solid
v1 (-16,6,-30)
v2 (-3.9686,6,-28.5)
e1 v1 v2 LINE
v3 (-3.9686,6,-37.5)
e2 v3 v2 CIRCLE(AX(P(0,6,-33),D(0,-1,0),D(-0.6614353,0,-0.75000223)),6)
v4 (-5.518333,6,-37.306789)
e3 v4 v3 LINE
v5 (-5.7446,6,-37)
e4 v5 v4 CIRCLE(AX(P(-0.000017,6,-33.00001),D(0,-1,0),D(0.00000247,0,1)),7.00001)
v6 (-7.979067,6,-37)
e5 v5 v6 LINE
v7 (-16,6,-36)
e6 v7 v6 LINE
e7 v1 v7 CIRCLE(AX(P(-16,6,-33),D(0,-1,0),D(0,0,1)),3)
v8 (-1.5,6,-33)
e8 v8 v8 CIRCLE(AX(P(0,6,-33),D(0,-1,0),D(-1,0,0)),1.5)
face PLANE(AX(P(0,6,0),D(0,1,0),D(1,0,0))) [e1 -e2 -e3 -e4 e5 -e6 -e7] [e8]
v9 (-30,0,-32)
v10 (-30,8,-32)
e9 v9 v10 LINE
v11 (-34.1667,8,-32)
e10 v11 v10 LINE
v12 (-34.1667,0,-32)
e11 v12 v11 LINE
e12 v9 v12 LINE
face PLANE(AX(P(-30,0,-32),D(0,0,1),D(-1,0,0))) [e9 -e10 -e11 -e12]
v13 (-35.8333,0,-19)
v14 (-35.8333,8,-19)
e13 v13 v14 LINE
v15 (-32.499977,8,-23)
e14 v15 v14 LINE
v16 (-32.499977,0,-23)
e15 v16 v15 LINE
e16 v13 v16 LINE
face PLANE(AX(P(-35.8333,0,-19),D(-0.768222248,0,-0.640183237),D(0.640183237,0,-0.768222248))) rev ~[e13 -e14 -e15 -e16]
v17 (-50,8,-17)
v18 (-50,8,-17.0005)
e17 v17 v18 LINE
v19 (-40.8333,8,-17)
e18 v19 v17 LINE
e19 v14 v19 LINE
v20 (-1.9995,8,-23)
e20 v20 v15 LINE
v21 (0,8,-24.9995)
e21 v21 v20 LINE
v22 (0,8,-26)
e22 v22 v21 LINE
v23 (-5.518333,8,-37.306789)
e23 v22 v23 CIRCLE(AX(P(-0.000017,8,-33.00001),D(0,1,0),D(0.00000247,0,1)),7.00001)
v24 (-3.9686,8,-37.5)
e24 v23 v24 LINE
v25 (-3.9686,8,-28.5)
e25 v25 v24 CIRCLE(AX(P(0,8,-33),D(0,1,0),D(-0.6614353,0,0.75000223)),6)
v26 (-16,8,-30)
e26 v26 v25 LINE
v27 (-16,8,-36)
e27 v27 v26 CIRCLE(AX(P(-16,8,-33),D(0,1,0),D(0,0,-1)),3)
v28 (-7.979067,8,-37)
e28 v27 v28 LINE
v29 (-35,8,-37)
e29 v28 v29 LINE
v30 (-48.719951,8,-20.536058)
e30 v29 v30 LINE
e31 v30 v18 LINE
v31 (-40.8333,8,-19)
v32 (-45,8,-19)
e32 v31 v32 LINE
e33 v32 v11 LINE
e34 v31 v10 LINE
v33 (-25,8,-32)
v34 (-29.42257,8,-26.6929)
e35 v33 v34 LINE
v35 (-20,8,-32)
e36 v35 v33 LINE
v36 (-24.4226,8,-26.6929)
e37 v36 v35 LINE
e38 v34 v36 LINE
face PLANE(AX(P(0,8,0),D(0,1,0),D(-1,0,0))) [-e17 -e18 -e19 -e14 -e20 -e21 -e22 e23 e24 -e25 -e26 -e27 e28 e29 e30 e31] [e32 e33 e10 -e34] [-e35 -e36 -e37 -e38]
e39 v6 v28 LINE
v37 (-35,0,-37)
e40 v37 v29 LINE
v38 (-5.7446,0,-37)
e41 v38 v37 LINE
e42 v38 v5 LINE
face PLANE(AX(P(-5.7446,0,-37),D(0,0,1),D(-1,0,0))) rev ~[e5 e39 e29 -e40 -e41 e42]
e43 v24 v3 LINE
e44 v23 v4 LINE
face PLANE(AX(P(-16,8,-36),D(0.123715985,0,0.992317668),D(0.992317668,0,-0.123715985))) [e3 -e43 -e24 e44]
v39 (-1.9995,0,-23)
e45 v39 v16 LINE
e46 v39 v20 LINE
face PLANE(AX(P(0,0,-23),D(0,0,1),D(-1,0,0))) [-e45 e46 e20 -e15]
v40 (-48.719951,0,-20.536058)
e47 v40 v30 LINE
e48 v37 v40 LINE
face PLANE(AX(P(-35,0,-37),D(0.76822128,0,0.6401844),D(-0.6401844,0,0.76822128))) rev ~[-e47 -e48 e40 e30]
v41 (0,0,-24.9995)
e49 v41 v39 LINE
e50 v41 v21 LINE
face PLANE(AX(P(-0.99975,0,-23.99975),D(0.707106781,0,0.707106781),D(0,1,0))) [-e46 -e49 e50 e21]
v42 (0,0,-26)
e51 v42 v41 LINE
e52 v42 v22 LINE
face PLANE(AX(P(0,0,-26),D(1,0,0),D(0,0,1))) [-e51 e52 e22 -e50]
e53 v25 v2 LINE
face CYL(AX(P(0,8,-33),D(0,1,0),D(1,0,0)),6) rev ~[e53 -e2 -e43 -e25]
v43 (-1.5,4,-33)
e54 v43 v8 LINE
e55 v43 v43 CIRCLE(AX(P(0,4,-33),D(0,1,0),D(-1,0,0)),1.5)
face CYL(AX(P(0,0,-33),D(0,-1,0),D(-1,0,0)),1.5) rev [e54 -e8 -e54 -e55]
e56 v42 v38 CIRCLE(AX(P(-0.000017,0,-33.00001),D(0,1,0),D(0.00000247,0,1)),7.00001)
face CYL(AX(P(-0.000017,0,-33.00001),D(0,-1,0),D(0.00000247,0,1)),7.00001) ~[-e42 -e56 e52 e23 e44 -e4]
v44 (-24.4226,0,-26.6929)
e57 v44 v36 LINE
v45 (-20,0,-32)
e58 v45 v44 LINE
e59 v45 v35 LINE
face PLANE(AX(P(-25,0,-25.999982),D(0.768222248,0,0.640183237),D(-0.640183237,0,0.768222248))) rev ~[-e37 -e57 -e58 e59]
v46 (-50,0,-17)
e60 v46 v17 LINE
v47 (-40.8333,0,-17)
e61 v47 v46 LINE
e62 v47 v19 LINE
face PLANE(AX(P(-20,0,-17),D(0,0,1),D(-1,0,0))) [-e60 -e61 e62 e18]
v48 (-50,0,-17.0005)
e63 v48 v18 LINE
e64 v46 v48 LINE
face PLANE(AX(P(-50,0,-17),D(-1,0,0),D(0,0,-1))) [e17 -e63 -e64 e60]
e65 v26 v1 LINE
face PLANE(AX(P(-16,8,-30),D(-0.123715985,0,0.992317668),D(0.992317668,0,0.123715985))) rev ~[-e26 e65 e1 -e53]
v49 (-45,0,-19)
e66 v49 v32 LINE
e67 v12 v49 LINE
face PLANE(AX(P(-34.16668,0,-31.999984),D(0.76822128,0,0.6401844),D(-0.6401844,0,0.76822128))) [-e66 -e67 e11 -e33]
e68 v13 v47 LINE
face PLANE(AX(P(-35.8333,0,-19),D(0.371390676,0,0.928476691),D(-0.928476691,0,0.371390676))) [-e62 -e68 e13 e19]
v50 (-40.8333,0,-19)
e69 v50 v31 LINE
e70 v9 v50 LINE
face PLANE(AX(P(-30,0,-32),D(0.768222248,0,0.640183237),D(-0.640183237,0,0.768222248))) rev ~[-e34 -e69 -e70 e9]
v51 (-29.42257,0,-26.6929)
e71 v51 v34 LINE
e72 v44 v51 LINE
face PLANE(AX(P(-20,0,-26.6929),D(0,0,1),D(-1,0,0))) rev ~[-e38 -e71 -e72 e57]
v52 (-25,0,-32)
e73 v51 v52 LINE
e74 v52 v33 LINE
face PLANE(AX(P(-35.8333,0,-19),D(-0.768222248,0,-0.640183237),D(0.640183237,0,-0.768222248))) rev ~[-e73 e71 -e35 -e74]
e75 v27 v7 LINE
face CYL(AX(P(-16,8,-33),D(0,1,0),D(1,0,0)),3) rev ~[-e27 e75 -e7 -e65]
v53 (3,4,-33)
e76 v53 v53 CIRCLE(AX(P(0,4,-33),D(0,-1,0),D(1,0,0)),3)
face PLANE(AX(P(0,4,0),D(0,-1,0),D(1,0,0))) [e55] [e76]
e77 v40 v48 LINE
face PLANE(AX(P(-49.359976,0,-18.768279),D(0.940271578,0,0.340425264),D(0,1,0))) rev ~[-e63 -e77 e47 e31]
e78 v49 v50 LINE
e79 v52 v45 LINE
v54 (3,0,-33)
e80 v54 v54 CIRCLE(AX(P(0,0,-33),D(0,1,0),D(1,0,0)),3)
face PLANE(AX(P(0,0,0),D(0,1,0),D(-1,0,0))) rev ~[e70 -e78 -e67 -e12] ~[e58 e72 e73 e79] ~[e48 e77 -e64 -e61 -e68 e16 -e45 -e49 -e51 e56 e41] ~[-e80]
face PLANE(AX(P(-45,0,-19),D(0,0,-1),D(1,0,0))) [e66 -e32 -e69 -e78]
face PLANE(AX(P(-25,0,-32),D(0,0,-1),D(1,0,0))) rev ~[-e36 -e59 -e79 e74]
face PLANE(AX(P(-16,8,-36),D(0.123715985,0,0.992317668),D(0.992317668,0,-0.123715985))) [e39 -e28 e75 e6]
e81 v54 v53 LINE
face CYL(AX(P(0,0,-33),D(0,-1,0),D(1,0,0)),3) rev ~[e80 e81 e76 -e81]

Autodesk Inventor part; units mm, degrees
ref_plane "YZ Plane" through (0, 0, 0) normal (1, 0, 0) x (0, 1, 0)
ref_plane "XZ Plane" through (0, 0, 0) normal (0, 1, 0) x (-1, 0, 0)
ref_plane "XY Plane" through (0, 0, 0) normal (0, 0, 1) x (1, 0, 0)
sketch "Boceto1" plane through (0, 0, 0) normal (0, 1, 0) x (-1, 0, 0)
  line L0 (50, -16.5) -> (49.0807, -16.5)
  circle A0 centre (0, -33) radius 1.5
  circle A1 centre (0, -33) radius 3
  arc A2 (0, -26) -> (5.7446, -37) centre (0, -33) ccw
  line L1 (5.7446, -37) -> (35, -37)
  line L2 (35, -37) -> (50, -19)
  line L3 (0, -23) -> (20, -23)
  line L4 (20, -23) -> (20, -17)
  line L5 (20, -17) -> (50, -17)
  line L6 (50, -17) -> (50, -19)
  line L7 (0, -31.5) -> (0, -30)
  line L8 (0, -26) -> (0, -23)
  point P0 (0, -37)
extrude "Extrusión1" add sketch "Boceto1" along normal blind 8 contours A1 | L8 L3 L4 L5 L6 L2 L1 A2
sketch "Boceto2" plane through (0, 8, 0) normal (0, 1, 0) x (1, 0, 0)
  circle A0 centre (0, 0) radius 3
  dimension "d12" = 6
extrude "Extrusión2" cut sketch "Boceto2" against normal blind 4
sketch "Boceto6" plane through (0, 0, 0) normal (0, -1, 0) x (1, 0, 0)
  line L0 (-50, -17) -> (-20, -17) projected
  line L1 (-50, -16) -> (-50, -14) projected
  line L2 (-50, -17) -> (-50, -16)
  line L3 (-50, -16.5) -> (-16.403, -16.5)
  line L4 (-20, -23) -> (-25, -23)
  line L5 (-5.7446, -37) -> (-35, -37) projected
  line L6 (-25, -23) -> (-25, -28)
  line L7 (-25, -37) -> (-25, -32)
  line L8 (-25, -32) -> (-5.7446, -32)
  line L9 (-5.7446, -32) -> (-5.7446, -27.061)
  line L10 (-25, -28) -> (-5.7446, -28)
  line L11 (-35, -37) -> (-30, -37)
  line L12 (-30, -37) -> (-30, -32)
  line L13 (-30, -32) -> (-25, -32)
  line L14 (-50, -19) -> (-50, -17) projected
  line L15 (-50, -19) -> (-45, -19)
  line L16 (-30, -37) -> (-45, -19)
  line L17 (-45, -19) -> (-40, -19)
  line L18 (-30, -32) -> (-40.8333, -19)
  line L19 (-40.8333, -19) -> (-25, -19)
  line L20 (-25, -19) -> (-25, -28)
  line L21 (-30, -32) -> (-34.1667, -32)
  line L22 (-40.8333, -19) -> (-35.8333, -19)
  line L23 (-35.8333, -19) -> (-25, -32)
  line L24 (-35.8333, -19) -> (-30.8333, -19)
  line L25 (-25, -32) -> (-20, -32)
  line L26 (-20, -32) -> (-30.8333, -19)
  line L27 (-30, 4) -> (-45, -14)
  line L28 (-45, -14) -> (-40, -14)
  line L29 (-30, -1) -> (-40.8333, -14)
  line L30 (-30, -1) -> (-34.1667, -1)
  line L31 (-35.8333, -14) -> (-25, -1)
  line L32 (-35.8333, -14) -> (-30.8333, -14)
  line L33 (-25, -1) -> (-20, -1)
  line L34 (-20, -1) -> (-30.8333, -14)
  point P0 (0, 0)
  dimension "d28" = 5
  dimension "d29" = 5
  dimension "d30" = 5
  dimension "d31" = 5
  dimension "d32" = 5
  dimension "d33" = 5
  dimension "d34" = 5
  dimension "d35" = 5
  dimension "d36" = 5
extrude "Extrusión6" cut sketch "Boceto6" against normal blind 10 contours L23 L19 L26 L6 L10 L8 | L21 L16 L17 L18 | L10 L6 L26 | L30 L29 L28 L27 | L31 L33 L34 L32
chamfer "Chaflán1" distance 2 angle 45 2 edges at (-50, 4, -19) (0, 4, -23)
sketch "Boceto9" plane through (0, 0, 0) normal (0, -1, 0) x (1, 0, 0)
  circle A0 centre (0, -33) radius 1.5 projected
  circle A1 centre (0, -33) radius 3
  point P0 (0, 0)
  dimension "d47" = 6
extrude "Extrusión9" cut sketch "Boceto9" against normal blind 4
sketch "Boceto10" plane through (0, 8, 0) normal (0, 1, 0) x (1, 0, 0)
  circle A0 centre (0, 33) radius 1.5 projected
  circle A1 centre (0, 33) radius 6
  line L0 (0, 33) -> (-19, 33)
  line L1 (0, 33) -> (0, 37.5)
  line L2 (0, 37.5) -> (-19, 37.5)
  line L3 (-19, 37.5) -> (-19, 28.5)
  line L4 (-19, 28.5) -> (0, 28.5)
  line L5 (-19, 33) -> (-16, 33)
  circle A2 centre (-16, 33) radius 3
  circle A3 centre (-16, 33) radius 3
  line L6 (-16, 36) -> (-3.9686, 37.5)
  line L7 (-16, 33) -> (-16, 30)
  line L8 (-16, 30) -> (-3.9686, 28.5)
  point P0 (0, 0)
  dimension "d50" = 12
  dimension "d51" = 19
  dimension "d52" = 4.5
  dimension "d53" = 9
  dimension "d54" = 3
extrude "Extrusión10" cut sketch "Boceto10" against normal blind 2 contours A0 L1 L2 A1 L0 | A0 L0 A1 L2 L1 | L0 A2 L6 A1 | A1 L8 A2 L0 | A2 L7 L0 | L0 A2 | A2 L0 L7
sketch "Boceto14" plane through (0, 0, 0) normal (0, -1, 0) x (1, 0, 0)
  line L0 (-40.8333, -14) -> (-30, -1) projected
  line L1 (-35.8333, -14) -> (-30.8333, -14) projected
  line L2 (-40.8333, -14) -> (-35.8333, -14)
  line L3 (-35.8333, -14) -> (-38.3333, -14)
  line L4 (-25, -1) -> (-35.8333, -14) projected
  line L5 (-35.8333, -14) -> (-29.4226, -6.3071)
  line L6 (-34.4226, -6.3071) -> (-29.4226, -6.3071)
  line L7 (-29.4226, -6.3071) -> (-20, -6.3071)
  line L8 (0, -10) -> (9, -10) projected
  line L9 (-20, -6.3071) -> (-20, -10)
  line L10 (-40.8333, -14) -> (-40.8333, -16)
  line L11 (-20, -16) -> (-50, -16) projected
  line L12 (-20, -10) -> (-20, -16) projected
  line L13 (-40.8333, -16) -> (-20, -16)
  line L14 (-20, -16) -> (-20, -10)
  line L15 (-35.8333, -14) -> (-30.8333, -14)
  line L16 (-30.8333, -14) -> (-20, -1) projected
  line L17 (-24.4226, -6.3071) -> (-30.8333, -14)
  line L18 (-35.8333, -14) -> (-40.8333, -16)
  line L19 (-50, -16) -> (-50, -17)
  line L20 (-50, -16.5) -> (-40.8333, -16.5)
  line L21 (-40.8333, -19) -> (-30, -32)
  line L22 (-35.8333, -19) -> (-30.8333, -19)
  line L23 (-40.8333, -19) -> (-35.8333, -19)
  line L24 (-35.8333, -19) -> (-38.3333, -19)
  line L25 (-25, -32) -> (-35.8333, -19)
  line L26 (-35.8333, -19) -> (-29.4226, -26.6929)
  line L27 (-34.4226, -26.6929) -> (-29.4226, -26.6929)
  line L28 (-29.4226, -26.6929) -> (-20, -26.6929)
  line L29 (-20, -26.6929) -> (-20, -23)
  line L30 (-40.8333, -19) -> (-40.8333, -17)
  line L31 (-20, -23) -> (-20, -17)
  line L32 (-40.8333, -17) -> (-20, -17)
  line L33 (-20, -17) -> (-20, -23)
  line L34 (-35.8333, -19) -> (-30.8333, -19)
  line L35 (-30.8333, -19) -> (-20, -32)
  line L36 (-24.4226, -26.6929) -> (-30.8333, -19)
  line L37 (-35.8333, -19) -> (-40.8333, -17)
  point P0 (0, 0)
  point P1 (7, -10)
extrude "Extrusión13" cut sketch "Boceto14" against normal blind 8 contours L18 L1 L16 L7 L9 L12 L11 | L32 L31 L29 L28 L35 L22 L37
sketch "Boceto15" plane through (0, 0, 0) normal (0, -1, 0) x (1, 0, 0)
  line L0 (-20, -6.3071) -> (-24.4226, -6.3071) projected
  line L1 (-20, -6.3071) -> (-29.4226, -6.3071)
  line L2 (-35.8333, -14) -> (-25, -1) projected
  line L3 (-20, -10) -> (-20, -6.3071) projected
  line L4 (-20, -10) -> (-32.5381, -10)
  line L5 (-32.5381, -10) -> (-29.4226, -6.3071)
  line L6 (-50, -17) -> (-40.8333, -17) projected
  line L7 (-40.8333, -16) -> (-50, -16) projected
  line L8 (-50, -17) -> (-50, -16)
  line L9 (-50, -16.5) -> (-36.6527, -16.5)
  line L10 (-20, -26.6929) -> (-24.4226, -26.6929)
  line L11 (-20, -26.6929) -> (-29.4226, -26.6929)
  line L12 (-20, -23) -> (-20, -26.6929)
  line L13 (-20, -23) -> (-32.5381, -23)
  line L14 (-32.5381, -23) -> (-29.4226, -26.6929)
  point P0 (0, 0)
  point P1 (-32.5, -10)
extrude "Extrusión14" add sketch "Boceto15" against normal blind 8 contours L3 L4 L2 L1 L0 | L10 L11 L14 L13 L12
sketch "Boceto17" plane through (0, 8, 0) normal (0, 1, 0) x (1, 0, 0)
  line L0 (-20, 10) -> (-32.5, 10) projected
  line L1 (-29.4226, 6.3071) -> (-20, 6.3071) projected
  line L2 (-32.5, 10) -> (-29.4226, 6.3071)
  line L3 (-29.4226, 6.3071) -> (-20, 6.3071)
  line L4 (-20, 6.3071) -> (-20, 10) projected
  line L5 (-20, 6.3071) -> (-20, 10)
  line L6 (-20, 10) -> (-32.5, 10)
  point P0 (0, 0)
extrude "Extrusión16" cut sketch "Boceto17" against normal blind 10
properties part number "signle v2"
